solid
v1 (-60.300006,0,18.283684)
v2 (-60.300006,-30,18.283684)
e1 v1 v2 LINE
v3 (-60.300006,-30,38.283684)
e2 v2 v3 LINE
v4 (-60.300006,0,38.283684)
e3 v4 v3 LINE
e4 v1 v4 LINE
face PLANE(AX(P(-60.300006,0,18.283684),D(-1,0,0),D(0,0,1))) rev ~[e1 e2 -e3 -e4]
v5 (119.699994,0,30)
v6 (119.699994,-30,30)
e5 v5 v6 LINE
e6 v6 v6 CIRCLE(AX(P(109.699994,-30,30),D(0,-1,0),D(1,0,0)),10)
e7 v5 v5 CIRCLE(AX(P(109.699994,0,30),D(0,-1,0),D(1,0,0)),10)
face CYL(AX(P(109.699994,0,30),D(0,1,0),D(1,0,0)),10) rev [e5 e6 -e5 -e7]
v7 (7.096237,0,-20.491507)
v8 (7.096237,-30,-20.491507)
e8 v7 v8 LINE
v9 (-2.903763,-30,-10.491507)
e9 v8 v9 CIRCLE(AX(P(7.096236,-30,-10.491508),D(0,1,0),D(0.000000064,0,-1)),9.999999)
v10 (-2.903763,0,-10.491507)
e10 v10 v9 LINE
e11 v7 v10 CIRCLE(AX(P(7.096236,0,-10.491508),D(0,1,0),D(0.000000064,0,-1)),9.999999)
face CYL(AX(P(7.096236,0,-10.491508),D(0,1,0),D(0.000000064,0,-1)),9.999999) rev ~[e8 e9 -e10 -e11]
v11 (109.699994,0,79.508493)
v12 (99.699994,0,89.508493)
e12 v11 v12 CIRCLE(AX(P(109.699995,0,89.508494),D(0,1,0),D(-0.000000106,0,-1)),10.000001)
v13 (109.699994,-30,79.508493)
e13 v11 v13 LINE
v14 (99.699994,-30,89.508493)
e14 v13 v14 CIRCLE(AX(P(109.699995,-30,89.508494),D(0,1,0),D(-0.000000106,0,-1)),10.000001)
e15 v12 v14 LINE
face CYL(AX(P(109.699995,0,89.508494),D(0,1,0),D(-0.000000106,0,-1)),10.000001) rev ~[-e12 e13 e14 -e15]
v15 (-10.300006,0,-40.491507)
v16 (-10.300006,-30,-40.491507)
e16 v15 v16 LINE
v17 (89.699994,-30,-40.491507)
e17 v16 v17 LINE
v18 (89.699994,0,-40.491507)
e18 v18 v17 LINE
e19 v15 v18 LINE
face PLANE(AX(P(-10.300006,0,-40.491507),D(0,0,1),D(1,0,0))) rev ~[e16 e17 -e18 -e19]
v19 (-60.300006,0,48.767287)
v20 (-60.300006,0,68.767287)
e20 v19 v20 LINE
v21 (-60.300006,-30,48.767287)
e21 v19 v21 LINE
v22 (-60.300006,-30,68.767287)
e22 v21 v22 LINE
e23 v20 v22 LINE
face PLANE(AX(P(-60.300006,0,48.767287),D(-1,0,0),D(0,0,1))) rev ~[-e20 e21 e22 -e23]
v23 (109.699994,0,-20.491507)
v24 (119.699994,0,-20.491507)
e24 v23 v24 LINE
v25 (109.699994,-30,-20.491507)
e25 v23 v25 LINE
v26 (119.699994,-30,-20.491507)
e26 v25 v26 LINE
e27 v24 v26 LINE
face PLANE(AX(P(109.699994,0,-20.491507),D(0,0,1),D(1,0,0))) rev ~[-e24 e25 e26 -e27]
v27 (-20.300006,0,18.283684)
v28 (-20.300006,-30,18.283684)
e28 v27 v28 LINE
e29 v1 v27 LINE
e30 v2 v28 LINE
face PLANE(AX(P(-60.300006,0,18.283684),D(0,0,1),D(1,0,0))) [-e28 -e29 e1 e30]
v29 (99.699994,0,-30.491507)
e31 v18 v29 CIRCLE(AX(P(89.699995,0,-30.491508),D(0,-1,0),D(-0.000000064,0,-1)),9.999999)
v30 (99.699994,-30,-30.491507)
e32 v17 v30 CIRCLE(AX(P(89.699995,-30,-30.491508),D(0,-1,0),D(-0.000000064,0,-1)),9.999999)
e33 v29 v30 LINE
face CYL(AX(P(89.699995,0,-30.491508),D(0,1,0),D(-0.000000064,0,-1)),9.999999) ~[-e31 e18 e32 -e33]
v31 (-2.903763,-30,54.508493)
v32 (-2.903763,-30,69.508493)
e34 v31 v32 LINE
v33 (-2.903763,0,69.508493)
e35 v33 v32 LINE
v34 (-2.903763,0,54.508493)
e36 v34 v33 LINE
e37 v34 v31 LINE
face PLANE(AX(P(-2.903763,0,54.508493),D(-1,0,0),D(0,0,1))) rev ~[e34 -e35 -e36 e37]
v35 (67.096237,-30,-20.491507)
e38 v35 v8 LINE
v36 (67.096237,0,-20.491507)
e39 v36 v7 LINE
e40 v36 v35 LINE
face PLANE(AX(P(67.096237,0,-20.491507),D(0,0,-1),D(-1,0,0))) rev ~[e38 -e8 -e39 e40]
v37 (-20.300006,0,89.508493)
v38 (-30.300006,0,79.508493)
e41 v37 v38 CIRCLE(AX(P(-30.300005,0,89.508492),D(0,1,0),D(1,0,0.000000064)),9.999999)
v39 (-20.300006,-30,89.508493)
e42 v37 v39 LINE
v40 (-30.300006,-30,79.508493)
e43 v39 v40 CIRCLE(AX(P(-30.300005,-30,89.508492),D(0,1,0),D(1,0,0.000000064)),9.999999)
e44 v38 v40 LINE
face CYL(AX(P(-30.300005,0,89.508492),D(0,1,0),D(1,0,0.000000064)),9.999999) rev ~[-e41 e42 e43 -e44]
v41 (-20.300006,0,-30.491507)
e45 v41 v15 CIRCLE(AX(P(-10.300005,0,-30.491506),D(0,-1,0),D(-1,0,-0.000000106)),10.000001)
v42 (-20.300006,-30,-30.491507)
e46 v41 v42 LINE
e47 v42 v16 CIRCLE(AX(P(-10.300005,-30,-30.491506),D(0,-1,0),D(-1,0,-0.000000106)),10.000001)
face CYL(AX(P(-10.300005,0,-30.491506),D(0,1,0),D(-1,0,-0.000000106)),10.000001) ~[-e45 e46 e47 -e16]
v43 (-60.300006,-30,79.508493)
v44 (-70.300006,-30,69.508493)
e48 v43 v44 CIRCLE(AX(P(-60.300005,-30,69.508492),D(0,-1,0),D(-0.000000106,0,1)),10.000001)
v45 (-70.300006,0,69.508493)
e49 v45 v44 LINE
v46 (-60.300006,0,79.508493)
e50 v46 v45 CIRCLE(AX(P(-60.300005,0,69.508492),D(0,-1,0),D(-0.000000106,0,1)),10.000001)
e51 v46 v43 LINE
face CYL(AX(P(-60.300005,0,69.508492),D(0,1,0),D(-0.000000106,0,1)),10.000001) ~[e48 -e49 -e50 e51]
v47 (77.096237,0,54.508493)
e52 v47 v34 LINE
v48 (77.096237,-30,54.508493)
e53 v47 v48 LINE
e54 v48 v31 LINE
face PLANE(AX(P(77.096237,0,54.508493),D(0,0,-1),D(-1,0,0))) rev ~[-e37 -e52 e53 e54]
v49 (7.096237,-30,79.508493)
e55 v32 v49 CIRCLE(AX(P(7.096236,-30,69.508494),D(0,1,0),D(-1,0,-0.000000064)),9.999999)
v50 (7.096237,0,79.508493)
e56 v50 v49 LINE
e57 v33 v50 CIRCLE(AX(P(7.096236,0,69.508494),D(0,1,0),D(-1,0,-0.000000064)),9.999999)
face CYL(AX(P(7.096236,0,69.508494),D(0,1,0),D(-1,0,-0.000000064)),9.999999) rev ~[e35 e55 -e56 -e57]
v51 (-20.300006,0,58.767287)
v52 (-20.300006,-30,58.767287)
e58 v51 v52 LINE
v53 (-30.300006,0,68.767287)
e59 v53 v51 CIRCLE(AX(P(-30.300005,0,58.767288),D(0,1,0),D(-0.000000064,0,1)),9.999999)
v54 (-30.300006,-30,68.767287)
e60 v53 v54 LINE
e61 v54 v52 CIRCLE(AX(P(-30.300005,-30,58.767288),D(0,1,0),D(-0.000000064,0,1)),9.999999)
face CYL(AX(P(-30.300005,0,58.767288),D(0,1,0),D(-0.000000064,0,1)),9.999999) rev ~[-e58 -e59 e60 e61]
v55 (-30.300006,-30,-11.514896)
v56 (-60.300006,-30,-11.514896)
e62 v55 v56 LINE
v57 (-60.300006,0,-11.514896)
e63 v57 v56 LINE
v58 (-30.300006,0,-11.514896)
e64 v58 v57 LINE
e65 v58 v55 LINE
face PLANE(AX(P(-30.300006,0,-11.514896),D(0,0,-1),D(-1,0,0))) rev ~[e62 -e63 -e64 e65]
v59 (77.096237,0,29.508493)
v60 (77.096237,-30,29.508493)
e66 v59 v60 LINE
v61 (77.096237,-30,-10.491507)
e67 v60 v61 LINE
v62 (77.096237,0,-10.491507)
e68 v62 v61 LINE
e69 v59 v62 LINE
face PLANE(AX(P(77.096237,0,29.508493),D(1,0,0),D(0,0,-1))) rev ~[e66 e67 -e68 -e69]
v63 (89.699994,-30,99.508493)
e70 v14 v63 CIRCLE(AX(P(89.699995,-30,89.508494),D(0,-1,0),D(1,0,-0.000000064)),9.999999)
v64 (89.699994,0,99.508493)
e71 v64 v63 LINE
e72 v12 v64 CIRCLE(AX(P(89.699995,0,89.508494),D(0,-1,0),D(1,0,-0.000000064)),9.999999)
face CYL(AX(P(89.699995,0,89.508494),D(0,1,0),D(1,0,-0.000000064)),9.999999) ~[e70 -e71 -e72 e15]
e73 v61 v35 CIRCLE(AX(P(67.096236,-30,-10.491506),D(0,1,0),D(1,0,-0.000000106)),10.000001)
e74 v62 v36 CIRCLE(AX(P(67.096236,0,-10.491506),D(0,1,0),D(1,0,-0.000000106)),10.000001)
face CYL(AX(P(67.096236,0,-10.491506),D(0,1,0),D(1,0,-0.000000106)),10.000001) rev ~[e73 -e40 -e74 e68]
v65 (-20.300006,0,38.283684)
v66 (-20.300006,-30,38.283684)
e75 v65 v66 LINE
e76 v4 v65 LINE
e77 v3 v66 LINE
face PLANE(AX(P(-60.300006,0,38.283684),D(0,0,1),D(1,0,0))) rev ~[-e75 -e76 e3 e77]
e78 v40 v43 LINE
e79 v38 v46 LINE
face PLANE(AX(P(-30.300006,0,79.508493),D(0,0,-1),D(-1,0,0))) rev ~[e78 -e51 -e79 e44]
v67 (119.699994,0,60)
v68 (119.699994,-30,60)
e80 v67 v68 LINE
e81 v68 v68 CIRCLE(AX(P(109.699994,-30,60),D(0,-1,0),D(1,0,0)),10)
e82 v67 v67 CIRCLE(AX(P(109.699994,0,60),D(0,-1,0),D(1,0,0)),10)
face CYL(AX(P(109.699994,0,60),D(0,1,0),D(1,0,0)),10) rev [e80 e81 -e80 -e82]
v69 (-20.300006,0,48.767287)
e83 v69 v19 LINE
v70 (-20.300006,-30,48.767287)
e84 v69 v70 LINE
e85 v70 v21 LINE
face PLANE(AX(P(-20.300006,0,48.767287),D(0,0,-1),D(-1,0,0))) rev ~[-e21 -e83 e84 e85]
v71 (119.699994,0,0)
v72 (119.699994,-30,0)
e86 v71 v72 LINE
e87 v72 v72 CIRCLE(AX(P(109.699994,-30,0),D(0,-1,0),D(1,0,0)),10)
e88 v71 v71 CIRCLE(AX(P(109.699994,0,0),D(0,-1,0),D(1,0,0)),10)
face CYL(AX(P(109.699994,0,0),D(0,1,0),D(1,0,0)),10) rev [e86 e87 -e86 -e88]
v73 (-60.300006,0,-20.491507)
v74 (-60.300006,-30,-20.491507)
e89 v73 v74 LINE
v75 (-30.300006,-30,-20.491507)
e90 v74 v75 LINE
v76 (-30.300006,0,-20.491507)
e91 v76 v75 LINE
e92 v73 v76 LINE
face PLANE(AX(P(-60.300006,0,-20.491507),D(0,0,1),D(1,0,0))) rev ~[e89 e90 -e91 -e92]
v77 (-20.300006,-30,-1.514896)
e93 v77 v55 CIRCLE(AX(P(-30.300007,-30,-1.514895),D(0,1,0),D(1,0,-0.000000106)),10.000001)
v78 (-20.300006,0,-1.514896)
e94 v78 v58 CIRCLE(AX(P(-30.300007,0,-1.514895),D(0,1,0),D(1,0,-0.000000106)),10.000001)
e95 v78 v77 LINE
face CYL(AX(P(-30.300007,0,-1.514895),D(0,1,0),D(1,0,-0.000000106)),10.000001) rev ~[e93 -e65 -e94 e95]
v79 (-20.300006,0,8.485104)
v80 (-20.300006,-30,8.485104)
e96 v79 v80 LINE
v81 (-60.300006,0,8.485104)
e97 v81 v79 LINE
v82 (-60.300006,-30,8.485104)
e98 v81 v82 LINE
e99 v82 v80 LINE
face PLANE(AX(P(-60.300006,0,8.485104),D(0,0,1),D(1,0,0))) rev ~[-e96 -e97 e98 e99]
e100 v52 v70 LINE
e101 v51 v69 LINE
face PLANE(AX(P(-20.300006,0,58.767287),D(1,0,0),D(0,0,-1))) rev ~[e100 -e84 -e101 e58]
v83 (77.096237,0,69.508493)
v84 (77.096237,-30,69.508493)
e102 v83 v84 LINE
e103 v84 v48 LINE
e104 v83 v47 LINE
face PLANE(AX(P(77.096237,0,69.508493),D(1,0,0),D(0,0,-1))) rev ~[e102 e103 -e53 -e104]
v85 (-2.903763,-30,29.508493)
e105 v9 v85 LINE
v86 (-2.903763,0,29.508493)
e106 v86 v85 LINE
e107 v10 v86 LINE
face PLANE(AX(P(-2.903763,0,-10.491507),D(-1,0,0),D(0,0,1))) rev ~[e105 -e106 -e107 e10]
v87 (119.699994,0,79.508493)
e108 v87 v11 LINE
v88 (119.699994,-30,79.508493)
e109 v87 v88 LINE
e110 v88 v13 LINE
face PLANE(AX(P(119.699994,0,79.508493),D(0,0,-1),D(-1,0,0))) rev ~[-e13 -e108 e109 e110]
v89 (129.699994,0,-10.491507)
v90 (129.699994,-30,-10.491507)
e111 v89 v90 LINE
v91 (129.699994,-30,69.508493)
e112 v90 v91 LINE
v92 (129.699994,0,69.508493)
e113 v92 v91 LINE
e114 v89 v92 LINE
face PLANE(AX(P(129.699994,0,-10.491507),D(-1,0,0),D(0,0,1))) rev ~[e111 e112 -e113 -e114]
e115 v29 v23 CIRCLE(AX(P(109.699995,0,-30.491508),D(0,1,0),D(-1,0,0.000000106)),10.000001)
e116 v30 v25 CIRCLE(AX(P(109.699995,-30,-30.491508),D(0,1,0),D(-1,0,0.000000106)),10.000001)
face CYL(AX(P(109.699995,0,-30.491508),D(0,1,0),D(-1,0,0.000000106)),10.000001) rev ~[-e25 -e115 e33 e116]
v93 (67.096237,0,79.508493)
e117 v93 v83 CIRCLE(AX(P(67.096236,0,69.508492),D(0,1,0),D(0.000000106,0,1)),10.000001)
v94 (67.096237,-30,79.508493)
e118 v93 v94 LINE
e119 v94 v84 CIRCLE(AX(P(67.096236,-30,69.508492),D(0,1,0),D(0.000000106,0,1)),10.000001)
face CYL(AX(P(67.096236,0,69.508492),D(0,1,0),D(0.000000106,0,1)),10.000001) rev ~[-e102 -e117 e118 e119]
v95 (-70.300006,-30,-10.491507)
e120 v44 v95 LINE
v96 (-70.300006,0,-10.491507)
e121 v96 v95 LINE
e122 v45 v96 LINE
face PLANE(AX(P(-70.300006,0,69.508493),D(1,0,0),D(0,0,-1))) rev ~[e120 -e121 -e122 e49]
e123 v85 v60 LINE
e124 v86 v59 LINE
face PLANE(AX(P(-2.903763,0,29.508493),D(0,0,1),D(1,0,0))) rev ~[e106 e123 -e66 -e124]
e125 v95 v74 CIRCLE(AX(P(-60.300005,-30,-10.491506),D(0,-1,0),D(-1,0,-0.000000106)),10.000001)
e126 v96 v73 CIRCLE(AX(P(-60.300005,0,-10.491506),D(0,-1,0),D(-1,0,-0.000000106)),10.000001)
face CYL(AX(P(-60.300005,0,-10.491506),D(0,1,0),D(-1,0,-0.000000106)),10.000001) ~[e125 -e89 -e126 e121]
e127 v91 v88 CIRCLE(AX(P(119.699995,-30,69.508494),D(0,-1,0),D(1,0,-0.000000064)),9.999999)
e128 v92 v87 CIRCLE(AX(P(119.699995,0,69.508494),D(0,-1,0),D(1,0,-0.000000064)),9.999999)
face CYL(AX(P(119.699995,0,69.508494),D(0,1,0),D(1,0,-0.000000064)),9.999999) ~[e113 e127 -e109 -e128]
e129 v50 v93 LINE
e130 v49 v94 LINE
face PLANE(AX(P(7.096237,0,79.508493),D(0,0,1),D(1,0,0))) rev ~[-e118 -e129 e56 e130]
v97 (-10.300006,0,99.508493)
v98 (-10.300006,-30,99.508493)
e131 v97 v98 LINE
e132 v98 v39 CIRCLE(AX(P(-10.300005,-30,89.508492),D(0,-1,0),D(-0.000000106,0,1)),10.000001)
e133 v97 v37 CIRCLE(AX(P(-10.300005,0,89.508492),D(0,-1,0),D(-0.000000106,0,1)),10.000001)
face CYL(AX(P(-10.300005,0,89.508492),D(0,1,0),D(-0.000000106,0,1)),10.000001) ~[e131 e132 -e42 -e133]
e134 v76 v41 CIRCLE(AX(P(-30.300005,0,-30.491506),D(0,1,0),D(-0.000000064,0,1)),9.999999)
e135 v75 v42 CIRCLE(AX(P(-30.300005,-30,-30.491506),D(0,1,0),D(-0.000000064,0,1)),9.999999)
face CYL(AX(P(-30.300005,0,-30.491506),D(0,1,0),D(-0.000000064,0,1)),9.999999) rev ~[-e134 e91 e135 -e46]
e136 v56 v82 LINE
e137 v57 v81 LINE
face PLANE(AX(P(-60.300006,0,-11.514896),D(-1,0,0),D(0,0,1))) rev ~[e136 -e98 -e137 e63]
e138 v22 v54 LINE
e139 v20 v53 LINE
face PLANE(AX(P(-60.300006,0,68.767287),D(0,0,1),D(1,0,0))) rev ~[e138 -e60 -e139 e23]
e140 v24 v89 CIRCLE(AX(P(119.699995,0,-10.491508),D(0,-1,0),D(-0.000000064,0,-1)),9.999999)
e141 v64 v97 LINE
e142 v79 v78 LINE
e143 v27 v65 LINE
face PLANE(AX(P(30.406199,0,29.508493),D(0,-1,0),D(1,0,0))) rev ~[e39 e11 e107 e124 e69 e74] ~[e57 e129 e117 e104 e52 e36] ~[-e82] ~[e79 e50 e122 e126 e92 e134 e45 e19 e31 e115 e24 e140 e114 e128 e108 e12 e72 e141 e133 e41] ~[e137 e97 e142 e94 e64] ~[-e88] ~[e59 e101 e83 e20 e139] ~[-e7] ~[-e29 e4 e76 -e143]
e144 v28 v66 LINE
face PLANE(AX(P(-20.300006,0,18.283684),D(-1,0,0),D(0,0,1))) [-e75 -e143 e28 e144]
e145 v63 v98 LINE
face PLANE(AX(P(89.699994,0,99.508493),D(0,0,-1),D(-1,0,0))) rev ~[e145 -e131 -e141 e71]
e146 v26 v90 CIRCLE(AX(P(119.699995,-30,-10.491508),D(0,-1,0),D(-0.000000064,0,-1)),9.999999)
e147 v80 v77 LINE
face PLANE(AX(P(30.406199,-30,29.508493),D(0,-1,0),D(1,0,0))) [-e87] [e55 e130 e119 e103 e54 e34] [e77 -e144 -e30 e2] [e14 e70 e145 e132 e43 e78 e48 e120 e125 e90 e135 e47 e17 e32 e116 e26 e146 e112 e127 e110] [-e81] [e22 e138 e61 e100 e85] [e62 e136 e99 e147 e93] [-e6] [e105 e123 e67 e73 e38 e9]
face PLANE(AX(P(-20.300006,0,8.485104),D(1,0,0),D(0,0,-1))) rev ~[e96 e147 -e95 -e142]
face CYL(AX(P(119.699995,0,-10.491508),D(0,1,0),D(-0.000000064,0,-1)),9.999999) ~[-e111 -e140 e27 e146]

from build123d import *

# Parameters (mm, degrees)
F0_W     = 40
F0_H     = 20
F0_R     = 10
F1_DEPTH = 30
F2_DEPTH = 30


with BuildPart() as f1:
    # F0 (on Front) → F1 (new body)
    with BuildSketch(Plane.XZ):
        with BuildLine():
            ThreePointArc((-20.300006, -30.491507), (-17.371073, -37.562575), (-10.300006, -40.491507))
            Line((-10.300006, -40.491507), (89.699994, -40.491507))
            ThreePointArc((89.699994, -40.491507), (96.771062, -37.562575), (99.699994, -30.491507))
            ThreePointArc((99.699994, -30.491507), (102.628927, -23.420439), (109.699994, -20.491507))
            Line((109.699994, -20.491507), (119.699994, -20.491507))
            ThreePointArc((119.699994, -20.491507), (126.771062, -17.562575), (129.699994, -10.491507))
            Line((129.699994, -10.491507), (129.699994, 69.508493))
            ThreePointArc((129.699994, 69.508493), (126.771062, 76.579561), (119.699994, 79.508493))
            Line((119.699994, 79.508493), (109.699994, 79.508493))
            ThreePointArc((109.699994, 79.508493), (102.628927, 82.437425), (99.699994, 89.508493))
            ThreePointArc((99.699994, 89.508493), (96.771062, 96.579561), (89.699994, 99.508493))
            Line((89.699994, 99.508493), (-10.300006, 99.508493))
            ThreePointArc((-10.300006, 99.508493), (-17.371073, 96.579561), (-20.300006, 89.508493))
            ThreePointArc((-20.300006, 89.508493), (-23.228938, 82.437425), (-30.300006, 79.508493))
            Line((-30.300006, 79.508493), (-60.300006, 79.508493))
            ThreePointArc((-60.300006, 79.508493), (-67.371073, 76.579561), (-70.300006, 69.508493))
            Line((-70.300006, 69.508493), (-70.300006, -10.491507))
            ThreePointArc((-70.300006, -10.491507), (-67.371073, -17.562575), (-60.300006, -20.491507))
            Line((-60.300006, -20.491507), (-30.300006, -20.491507))
            ThreePointArc((-30.300006, -20.491507), (-23.228938, -23.420439), (-20.300006, -30.491507))
        make_face()
        with BuildLine():
            Line((-60.300006, -11.514896), (-60.300006, 8.485104))
            Line((-60.300006, 8.485104), (-20.300006, 8.485104))
            Line((-20.300006, 8.485104), (-20.300006, -1.514896))
            ThreePointArc((-20.300006, -1.514896), (-23.228938, -8.585963), (-30.300006, -11.514896))
            Line((-30.300006, -11.514896), (-60.300006, -11.514896))
        make_face(mode=Mode.SUBTRACT)
        with Locations((-40.300006, 28.283684)):
            Rectangle(F0_W, F0_H, mode=Mode.SUBTRACT)
        with BuildLine():
            Line((67.096237, -20.491507), (7.096237, -20.491507))
            ThreePointArc((7.096237, -20.491507), (0.025169, -17.562575), (-2.903763, -10.491507))
            Line((-2.903763, -10.491507), (-2.903763, 29.508493))
            Line((-2.903763, 29.508493), (77.096237, 29.508493))
            Line((77.096237, 29.508493), (77.096237, -10.491507))
            ThreePointArc((77.096237, -10.491507), (74.167304, -17.562575), (67.096237, -20.491507))
        make_face(mode=Mode.SUBTRACT)
        with Locations((109.699994, 0)):
            Circle(F0_R, mode=Mode.SUBTRACT)
        with BuildLine():
            Line((-60.300006, 48.767287), (-60.300006, 68.767287))
            Line((-60.300006, 68.767287), (-30.300006, 68.767287))
            ThreePointArc((-30.300006, 68.767287), (-23.228938, 65.838355), (-20.300006, 58.767287))
            Line((-20.300006, 58.767287), (-20.300006, 48.767287))
            Line((-20.300006, 48.767287), (-60.300006, 48.767287))
        make_face(mode=Mode.SUBTRACT)
        with Locations((109.699994, 30)):
            Circle(F0_R, mode=Mode.SUBTRACT)
        with Locations((109.699994, 60)):
            Circle(F0_R, mode=Mode.SUBTRACT)
        with BuildLine():
            ThreePointArc((-2.903763, 69.508493), (0.025169, 76.579561), (7.096237, 79.508493))
            Line((7.096237, 79.508493), (67.096237, 79.508493))
            ThreePointArc((67.096237, 79.508493), (74.167304, 76.579561), (77.096237, 69.508493))
            Line((77.096237, 69.508493), (77.096237, 54.508493))
            Line((77.096237, 54.508493), (-2.903763, 54.508493))
            Line((-2.903763, 54.508493), (-2.903763, 69.508493))
        make_face(mode=Mode.SUBTRACT)
    extrude(amount=F1_DEPTH)

    # F0 (on Front) → F2 (join)
    with BuildSketch(Plane.XZ):
        with BuildLine():
            ThreePointArc((-20.300006, -30.491507), (-17.371073, -37.562575), (-10.300006, -40.491507))
            Line((-10.300006, -40.491507), (89.699994, -40.491507))
            ThreePointArc((89.699994, -40.491507), (96.771062, -37.562575), (99.699994, -30.491507))
            ThreePointArc((99.699994, -30.491507), (102.628927, -23.420439), (109.699994, -20.491507))
            Line((109.699994, -20.491507), (119.699994, -20.491507))
            ThreePointArc((119.699994, -20.491507), (126.771062, -17.562575), (129.699994, -10.491507))
            Line((129.699994, -10.491507), (129.699994, 69.508493))
            ThreePointArc((129.699994, 69.508493), (126.771062, 76.579561), (119.699994, 79.508493))
            Line((119.699994, 79.508493), (109.699994, 79.508493))
            ThreePointArc((109.699994, 79.508493), (102.628927, 82.437425), (99.699994, 89.508493))
            ThreePointArc((99.699994, 89.508493), (96.771062, 96.579561), (89.699994, 99.508493))
            Line((89.699994, 99.508493), (-10.300006, 99.508493))
            ThreePointArc((-10.300006, 99.508493), (-17.371073, 96.579561), (-20.300006, 89.508493))
            ThreePointArc((-20.300006, 89.508493), (-23.228938, 82.437425), (-30.300006, 79.508493))
            Line((-30.300006, 79.508493), (-60.300006, 79.508493))
            ThreePointArc((-60.300006, 79.508493), (-67.371073, 76.579561), (-70.300006, 69.508493))
            Line((-70.300006, 69.508493), (-70.300006, -10.491507))
            ThreePointArc((-70.300006, -10.491507), (-67.371073, -17.562575), (-60.300006, -20.491507))
            Line((-60.300006, -20.491507), (-30.300006, -20.491507))
            ThreePointArc((-30.300006, -20.491507), (-23.228938, -23.420439), (-20.300006, -30.491507))
        make_face()
        with BuildLine():
            Line((-60.300006, -11.514896), (-60.300006, 8.485104))
            Line((-60.300006, 8.485104), (-20.300006, 8.485104))
            Line((-20.300006, 8.485104), (-20.300006, -1.514896))
            ThreePointArc((-20.300006, -1.514896), (-23.228938, -8.585963), (-30.300006, -11.514896))
            Line((-30.300006, -11.514896), (-60.300006, -11.514896))
        make_face(mode=Mode.SUBTRACT)
        with Locations((-40.300006, 28.283684)):
            Rectangle(F0_W, F0_H, mode=Mode.SUBTRACT)
        with BuildLine():
            Line((67.096237, -20.491507), (7.096237, -20.491507))
            ThreePointArc((7.096237, -20.491507), (0.025169, -17.562575), (-2.903763, -10.491507))
            Line((-2.903763, -10.491507), (-2.903763, 29.508493))
            Line((-2.903763, 29.508493), (77.096237, 29.508493))
            Line((77.096237, 29.508493), (77.096237, -10.491507))
            ThreePointArc((77.096237, -10.491507), (74.167304, -17.562575), (67.096237, -20.491507))
        make_face(mode=Mode.SUBTRACT)
        with Locations((109.699994, 0)):
            Circle(F0_R, mode=Mode.SUBTRACT)
        with BuildLine():
            Line((-60.300006, 48.767287), (-60.300006, 68.767287))
            Line((-60.300006, 68.767287), (-30.300006, 68.767287))
            ThreePointArc((-30.300006, 68.767287), (-23.228938, 65.838355), (-20.300006, 58.767287))
            Line((-20.300006, 58.767287), (-20.300006, 48.767287))
            Line((-20.300006, 48.767287), (-60.300006, 48.767287))
        make_face(mode=Mode.SUBTRACT)
        with Locations((109.699994, 30)):
            Circle(F0_R, mode=Mode.SUBTRACT)
        with Locations((109.699994, 60)):
            Circle(F0_R, mode=Mode.SUBTRACT)
        with BuildLine():
            ThreePointArc((-2.903763, 69.508493), (0.025169, 76.579561), (7.096237, 79.508493))
            Line((7.096237, 79.508493), (67.096237, 79.508493))
            ThreePointArc((67.096237, 79.508493), (74.167304, 76.579561), (77.096237, 69.508493))
            Line((77.096237, 69.508493), (77.096237, 54.508493))
            Line((77.096237, 54.508493), (-2.903763, 54.508493))
            Line((-2.903763, 54.508493), (-2.903763, 69.508493))
        make_face(mode=Mode.SUBTRACT)
    extrude(amount=F2_DEPTH)


solid = f1.part
